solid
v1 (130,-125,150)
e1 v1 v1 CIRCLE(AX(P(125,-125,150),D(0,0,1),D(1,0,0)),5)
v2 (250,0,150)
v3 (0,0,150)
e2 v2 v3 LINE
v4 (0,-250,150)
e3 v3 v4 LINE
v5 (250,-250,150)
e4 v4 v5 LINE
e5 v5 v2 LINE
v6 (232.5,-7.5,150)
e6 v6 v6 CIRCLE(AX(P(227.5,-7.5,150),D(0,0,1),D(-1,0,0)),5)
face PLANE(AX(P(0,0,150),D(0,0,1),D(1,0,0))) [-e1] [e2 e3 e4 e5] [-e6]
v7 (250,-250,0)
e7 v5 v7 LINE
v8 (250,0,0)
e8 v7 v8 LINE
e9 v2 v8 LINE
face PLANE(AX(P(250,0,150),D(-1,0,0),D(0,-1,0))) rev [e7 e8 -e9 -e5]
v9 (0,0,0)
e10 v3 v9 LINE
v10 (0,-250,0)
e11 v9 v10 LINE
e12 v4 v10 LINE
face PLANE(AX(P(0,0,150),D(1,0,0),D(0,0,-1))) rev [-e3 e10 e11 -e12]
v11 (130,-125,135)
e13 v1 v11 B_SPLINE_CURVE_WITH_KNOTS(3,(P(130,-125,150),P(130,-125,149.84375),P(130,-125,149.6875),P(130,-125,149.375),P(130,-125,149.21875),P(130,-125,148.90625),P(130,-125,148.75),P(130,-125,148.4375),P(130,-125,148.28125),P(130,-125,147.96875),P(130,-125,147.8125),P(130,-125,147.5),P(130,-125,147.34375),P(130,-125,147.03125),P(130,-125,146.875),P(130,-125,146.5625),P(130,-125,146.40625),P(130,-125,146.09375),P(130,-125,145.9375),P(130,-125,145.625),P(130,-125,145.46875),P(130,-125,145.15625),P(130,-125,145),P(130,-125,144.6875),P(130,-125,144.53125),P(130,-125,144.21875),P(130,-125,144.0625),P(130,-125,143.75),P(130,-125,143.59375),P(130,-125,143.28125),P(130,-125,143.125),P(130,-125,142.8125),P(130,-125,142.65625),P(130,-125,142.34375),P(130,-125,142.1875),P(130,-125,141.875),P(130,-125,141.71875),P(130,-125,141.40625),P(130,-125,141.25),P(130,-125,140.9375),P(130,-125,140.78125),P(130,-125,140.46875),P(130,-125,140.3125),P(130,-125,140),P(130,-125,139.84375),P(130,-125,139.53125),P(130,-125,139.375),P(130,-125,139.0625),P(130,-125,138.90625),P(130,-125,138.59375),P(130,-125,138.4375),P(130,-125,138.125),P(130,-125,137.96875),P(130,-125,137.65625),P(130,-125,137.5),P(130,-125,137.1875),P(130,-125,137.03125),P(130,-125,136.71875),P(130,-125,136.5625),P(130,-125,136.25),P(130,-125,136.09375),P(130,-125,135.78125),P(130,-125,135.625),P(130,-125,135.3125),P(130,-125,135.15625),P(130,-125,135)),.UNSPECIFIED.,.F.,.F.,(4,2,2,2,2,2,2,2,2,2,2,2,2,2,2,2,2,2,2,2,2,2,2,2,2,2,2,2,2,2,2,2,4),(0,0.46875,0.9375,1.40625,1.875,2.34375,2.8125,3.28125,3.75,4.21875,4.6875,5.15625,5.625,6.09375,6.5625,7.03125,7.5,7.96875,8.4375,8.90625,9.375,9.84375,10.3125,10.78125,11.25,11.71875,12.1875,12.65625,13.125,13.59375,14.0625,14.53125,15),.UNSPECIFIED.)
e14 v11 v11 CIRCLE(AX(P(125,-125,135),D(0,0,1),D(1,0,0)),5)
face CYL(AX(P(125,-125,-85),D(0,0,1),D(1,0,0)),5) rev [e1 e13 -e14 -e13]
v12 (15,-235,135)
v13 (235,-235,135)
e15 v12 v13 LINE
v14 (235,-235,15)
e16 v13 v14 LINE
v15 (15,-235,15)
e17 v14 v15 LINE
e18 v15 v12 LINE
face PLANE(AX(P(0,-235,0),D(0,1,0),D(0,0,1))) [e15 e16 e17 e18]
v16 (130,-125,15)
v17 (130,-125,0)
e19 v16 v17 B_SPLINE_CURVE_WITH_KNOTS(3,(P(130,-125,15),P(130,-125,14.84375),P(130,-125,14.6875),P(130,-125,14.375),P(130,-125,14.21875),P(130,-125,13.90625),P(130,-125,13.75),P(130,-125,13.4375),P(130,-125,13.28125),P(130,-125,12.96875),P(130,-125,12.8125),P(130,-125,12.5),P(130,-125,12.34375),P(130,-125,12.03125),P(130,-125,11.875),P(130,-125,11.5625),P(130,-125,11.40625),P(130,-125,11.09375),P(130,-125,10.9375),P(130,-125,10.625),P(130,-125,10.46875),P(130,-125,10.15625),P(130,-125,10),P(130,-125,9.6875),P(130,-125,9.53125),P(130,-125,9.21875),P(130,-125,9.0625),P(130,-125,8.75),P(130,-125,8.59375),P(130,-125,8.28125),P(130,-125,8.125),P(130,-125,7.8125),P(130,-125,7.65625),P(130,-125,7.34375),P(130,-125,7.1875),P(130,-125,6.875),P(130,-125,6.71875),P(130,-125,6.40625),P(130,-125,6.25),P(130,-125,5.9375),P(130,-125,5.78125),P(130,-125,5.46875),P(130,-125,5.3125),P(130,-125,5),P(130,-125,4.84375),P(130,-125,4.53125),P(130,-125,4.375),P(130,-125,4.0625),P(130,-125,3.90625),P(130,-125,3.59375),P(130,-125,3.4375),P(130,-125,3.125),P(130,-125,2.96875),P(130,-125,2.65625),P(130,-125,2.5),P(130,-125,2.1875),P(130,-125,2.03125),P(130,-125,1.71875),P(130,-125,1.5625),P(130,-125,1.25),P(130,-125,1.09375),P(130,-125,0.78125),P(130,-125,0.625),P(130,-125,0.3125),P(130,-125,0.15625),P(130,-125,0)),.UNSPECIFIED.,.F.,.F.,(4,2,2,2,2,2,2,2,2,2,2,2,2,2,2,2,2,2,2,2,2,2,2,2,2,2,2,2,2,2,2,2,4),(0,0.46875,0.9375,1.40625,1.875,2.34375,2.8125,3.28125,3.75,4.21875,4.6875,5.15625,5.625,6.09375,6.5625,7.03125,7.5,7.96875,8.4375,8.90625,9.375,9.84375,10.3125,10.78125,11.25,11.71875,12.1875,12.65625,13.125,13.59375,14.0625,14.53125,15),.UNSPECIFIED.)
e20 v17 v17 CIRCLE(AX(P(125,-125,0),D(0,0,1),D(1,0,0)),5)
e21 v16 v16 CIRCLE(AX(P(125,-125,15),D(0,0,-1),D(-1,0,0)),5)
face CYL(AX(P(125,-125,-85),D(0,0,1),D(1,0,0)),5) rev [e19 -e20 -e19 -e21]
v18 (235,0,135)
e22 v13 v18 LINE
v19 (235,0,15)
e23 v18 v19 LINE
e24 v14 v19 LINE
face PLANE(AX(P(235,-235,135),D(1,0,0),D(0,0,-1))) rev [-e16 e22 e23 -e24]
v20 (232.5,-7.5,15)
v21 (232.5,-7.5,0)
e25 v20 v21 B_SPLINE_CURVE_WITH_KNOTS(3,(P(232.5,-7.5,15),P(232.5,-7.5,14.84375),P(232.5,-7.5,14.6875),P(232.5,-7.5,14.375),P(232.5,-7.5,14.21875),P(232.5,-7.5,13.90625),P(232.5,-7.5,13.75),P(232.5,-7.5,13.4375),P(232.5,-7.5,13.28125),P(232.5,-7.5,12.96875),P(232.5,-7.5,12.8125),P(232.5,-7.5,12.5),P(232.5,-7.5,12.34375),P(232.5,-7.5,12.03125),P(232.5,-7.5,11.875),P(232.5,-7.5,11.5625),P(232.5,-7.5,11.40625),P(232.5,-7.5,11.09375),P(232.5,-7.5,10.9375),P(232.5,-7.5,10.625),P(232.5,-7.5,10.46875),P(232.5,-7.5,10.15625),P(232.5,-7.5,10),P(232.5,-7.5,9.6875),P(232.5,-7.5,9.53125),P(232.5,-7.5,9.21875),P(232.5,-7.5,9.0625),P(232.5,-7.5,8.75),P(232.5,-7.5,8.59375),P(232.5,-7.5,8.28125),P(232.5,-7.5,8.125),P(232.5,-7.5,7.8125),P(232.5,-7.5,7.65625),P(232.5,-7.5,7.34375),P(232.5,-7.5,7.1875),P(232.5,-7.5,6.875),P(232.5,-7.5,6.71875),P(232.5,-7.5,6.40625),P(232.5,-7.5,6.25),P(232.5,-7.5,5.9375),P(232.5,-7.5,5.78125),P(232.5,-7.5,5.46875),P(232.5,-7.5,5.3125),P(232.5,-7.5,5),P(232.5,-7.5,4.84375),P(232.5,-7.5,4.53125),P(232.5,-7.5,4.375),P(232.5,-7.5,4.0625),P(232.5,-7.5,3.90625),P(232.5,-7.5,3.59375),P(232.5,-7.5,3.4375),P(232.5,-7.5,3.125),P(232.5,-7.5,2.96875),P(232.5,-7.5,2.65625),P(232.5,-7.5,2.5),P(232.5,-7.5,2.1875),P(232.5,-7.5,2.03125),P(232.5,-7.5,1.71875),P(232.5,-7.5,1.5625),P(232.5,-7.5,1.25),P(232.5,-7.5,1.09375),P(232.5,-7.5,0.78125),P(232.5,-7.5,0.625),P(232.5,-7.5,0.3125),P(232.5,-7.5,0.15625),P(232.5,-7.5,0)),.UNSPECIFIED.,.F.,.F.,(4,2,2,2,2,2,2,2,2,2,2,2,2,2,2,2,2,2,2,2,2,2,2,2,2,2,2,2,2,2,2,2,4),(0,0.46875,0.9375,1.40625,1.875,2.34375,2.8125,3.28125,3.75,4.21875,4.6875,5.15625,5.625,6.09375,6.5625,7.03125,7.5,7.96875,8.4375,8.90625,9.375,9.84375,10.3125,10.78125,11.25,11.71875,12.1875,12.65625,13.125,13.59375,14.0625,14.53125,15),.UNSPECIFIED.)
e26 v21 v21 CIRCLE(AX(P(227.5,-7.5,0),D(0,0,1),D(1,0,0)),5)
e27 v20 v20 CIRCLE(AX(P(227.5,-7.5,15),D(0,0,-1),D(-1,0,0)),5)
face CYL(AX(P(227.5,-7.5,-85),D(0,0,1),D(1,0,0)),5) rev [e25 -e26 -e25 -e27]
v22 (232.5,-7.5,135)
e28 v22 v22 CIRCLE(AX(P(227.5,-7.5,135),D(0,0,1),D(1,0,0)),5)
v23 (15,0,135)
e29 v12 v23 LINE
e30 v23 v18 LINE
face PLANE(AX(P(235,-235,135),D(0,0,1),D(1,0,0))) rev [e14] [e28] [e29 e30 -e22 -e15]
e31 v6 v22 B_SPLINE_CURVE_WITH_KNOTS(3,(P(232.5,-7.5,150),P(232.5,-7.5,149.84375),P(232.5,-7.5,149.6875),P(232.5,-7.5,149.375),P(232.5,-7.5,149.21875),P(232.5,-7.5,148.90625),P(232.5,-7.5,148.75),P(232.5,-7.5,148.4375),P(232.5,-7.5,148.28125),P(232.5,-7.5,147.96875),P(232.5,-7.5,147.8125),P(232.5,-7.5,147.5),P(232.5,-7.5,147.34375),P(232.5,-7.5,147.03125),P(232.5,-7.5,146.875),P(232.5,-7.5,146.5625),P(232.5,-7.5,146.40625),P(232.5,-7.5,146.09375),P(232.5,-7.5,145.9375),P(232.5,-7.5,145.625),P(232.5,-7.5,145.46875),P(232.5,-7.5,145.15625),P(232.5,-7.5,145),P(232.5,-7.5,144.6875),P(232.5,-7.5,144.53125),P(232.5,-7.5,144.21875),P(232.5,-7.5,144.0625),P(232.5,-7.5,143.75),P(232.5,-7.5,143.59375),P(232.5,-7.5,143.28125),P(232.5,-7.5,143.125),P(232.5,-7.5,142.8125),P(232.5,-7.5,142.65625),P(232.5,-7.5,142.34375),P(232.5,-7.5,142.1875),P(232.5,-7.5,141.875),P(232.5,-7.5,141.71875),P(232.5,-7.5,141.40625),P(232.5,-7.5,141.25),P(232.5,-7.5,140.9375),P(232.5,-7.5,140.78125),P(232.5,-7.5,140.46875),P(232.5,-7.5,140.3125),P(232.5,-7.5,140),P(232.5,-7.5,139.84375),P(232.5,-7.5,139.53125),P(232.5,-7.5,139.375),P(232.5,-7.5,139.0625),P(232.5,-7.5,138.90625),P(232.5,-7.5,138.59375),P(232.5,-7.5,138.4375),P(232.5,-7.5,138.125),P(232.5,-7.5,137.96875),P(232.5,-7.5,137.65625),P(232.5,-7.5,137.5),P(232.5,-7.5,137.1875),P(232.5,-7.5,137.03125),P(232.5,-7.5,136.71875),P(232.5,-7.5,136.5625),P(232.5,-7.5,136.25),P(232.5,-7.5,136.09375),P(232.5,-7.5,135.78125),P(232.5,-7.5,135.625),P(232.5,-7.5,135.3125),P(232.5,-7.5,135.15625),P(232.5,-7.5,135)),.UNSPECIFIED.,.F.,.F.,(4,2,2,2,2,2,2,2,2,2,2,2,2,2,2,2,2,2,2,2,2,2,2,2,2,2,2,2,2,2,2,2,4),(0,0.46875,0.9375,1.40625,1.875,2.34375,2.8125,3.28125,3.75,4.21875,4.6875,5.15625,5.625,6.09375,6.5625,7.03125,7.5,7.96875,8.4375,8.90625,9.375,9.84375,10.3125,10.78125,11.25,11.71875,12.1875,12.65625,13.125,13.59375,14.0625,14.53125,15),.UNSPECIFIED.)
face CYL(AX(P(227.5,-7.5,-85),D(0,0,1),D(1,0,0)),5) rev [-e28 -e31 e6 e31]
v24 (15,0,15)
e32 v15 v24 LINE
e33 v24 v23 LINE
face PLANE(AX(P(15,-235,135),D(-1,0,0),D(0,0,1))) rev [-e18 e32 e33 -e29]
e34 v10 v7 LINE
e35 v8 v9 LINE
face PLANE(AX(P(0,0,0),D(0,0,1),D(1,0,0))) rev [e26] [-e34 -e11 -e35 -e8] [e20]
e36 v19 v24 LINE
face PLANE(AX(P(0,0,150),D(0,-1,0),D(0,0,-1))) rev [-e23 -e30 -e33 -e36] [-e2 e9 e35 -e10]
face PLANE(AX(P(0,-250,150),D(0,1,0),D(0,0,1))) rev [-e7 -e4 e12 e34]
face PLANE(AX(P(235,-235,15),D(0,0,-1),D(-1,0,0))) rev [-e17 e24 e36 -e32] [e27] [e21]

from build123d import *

# Parameters (mm, degrees)
SKETCH1_W           = 250
SKETCH1_H           = 250
BOSS_EXTRUDE1_DEPTH = 150
SKETCH2_W           = 220
SKETCH2_H           = 120
CUT_EXTRUDE1_DEPTH  = 235
SKETCH3_R           = 5
CUT_EXTRUDE5_DEPTH  = 235


with BuildPart() as part:
    # Sketch1 → Boss-Extrude1 (new body)
    with BuildSketch(Plane.XY):
        with Locations((125, -125)):
            Rectangle(SKETCH1_W, SKETCH1_H)
    extrude(amount=BOSS_EXTRUDE1_DEPTH)

    # Sketch2 → Cut-Extrude1 (cut)
    with BuildSketch(Plane(origin=(0, 0, 0), x_dir=(1, 0, 0), z_dir=(0, 1, 0))):
        with Locations((125, -75)):
            Rectangle(SKETCH2_W, SKETCH2_H)
    extrude(amount=-CUT_EXTRUDE1_DEPTH, mode=Mode.SUBTRACT)

    # Sketch3 → Cut-Extrude5 (cut)
    with BuildSketch(Plane.XY.offset(150)):
        with Locations((125, -125)):
            Circle(SKETCH3_R)
        with Locations((227.5, -7.5)):
            Circle(SKETCH3_R)
    extrude(amount=-CUT_EXTRUDE5_DEPTH, mode=Mode.SUBTRACT)


solid = part.part
